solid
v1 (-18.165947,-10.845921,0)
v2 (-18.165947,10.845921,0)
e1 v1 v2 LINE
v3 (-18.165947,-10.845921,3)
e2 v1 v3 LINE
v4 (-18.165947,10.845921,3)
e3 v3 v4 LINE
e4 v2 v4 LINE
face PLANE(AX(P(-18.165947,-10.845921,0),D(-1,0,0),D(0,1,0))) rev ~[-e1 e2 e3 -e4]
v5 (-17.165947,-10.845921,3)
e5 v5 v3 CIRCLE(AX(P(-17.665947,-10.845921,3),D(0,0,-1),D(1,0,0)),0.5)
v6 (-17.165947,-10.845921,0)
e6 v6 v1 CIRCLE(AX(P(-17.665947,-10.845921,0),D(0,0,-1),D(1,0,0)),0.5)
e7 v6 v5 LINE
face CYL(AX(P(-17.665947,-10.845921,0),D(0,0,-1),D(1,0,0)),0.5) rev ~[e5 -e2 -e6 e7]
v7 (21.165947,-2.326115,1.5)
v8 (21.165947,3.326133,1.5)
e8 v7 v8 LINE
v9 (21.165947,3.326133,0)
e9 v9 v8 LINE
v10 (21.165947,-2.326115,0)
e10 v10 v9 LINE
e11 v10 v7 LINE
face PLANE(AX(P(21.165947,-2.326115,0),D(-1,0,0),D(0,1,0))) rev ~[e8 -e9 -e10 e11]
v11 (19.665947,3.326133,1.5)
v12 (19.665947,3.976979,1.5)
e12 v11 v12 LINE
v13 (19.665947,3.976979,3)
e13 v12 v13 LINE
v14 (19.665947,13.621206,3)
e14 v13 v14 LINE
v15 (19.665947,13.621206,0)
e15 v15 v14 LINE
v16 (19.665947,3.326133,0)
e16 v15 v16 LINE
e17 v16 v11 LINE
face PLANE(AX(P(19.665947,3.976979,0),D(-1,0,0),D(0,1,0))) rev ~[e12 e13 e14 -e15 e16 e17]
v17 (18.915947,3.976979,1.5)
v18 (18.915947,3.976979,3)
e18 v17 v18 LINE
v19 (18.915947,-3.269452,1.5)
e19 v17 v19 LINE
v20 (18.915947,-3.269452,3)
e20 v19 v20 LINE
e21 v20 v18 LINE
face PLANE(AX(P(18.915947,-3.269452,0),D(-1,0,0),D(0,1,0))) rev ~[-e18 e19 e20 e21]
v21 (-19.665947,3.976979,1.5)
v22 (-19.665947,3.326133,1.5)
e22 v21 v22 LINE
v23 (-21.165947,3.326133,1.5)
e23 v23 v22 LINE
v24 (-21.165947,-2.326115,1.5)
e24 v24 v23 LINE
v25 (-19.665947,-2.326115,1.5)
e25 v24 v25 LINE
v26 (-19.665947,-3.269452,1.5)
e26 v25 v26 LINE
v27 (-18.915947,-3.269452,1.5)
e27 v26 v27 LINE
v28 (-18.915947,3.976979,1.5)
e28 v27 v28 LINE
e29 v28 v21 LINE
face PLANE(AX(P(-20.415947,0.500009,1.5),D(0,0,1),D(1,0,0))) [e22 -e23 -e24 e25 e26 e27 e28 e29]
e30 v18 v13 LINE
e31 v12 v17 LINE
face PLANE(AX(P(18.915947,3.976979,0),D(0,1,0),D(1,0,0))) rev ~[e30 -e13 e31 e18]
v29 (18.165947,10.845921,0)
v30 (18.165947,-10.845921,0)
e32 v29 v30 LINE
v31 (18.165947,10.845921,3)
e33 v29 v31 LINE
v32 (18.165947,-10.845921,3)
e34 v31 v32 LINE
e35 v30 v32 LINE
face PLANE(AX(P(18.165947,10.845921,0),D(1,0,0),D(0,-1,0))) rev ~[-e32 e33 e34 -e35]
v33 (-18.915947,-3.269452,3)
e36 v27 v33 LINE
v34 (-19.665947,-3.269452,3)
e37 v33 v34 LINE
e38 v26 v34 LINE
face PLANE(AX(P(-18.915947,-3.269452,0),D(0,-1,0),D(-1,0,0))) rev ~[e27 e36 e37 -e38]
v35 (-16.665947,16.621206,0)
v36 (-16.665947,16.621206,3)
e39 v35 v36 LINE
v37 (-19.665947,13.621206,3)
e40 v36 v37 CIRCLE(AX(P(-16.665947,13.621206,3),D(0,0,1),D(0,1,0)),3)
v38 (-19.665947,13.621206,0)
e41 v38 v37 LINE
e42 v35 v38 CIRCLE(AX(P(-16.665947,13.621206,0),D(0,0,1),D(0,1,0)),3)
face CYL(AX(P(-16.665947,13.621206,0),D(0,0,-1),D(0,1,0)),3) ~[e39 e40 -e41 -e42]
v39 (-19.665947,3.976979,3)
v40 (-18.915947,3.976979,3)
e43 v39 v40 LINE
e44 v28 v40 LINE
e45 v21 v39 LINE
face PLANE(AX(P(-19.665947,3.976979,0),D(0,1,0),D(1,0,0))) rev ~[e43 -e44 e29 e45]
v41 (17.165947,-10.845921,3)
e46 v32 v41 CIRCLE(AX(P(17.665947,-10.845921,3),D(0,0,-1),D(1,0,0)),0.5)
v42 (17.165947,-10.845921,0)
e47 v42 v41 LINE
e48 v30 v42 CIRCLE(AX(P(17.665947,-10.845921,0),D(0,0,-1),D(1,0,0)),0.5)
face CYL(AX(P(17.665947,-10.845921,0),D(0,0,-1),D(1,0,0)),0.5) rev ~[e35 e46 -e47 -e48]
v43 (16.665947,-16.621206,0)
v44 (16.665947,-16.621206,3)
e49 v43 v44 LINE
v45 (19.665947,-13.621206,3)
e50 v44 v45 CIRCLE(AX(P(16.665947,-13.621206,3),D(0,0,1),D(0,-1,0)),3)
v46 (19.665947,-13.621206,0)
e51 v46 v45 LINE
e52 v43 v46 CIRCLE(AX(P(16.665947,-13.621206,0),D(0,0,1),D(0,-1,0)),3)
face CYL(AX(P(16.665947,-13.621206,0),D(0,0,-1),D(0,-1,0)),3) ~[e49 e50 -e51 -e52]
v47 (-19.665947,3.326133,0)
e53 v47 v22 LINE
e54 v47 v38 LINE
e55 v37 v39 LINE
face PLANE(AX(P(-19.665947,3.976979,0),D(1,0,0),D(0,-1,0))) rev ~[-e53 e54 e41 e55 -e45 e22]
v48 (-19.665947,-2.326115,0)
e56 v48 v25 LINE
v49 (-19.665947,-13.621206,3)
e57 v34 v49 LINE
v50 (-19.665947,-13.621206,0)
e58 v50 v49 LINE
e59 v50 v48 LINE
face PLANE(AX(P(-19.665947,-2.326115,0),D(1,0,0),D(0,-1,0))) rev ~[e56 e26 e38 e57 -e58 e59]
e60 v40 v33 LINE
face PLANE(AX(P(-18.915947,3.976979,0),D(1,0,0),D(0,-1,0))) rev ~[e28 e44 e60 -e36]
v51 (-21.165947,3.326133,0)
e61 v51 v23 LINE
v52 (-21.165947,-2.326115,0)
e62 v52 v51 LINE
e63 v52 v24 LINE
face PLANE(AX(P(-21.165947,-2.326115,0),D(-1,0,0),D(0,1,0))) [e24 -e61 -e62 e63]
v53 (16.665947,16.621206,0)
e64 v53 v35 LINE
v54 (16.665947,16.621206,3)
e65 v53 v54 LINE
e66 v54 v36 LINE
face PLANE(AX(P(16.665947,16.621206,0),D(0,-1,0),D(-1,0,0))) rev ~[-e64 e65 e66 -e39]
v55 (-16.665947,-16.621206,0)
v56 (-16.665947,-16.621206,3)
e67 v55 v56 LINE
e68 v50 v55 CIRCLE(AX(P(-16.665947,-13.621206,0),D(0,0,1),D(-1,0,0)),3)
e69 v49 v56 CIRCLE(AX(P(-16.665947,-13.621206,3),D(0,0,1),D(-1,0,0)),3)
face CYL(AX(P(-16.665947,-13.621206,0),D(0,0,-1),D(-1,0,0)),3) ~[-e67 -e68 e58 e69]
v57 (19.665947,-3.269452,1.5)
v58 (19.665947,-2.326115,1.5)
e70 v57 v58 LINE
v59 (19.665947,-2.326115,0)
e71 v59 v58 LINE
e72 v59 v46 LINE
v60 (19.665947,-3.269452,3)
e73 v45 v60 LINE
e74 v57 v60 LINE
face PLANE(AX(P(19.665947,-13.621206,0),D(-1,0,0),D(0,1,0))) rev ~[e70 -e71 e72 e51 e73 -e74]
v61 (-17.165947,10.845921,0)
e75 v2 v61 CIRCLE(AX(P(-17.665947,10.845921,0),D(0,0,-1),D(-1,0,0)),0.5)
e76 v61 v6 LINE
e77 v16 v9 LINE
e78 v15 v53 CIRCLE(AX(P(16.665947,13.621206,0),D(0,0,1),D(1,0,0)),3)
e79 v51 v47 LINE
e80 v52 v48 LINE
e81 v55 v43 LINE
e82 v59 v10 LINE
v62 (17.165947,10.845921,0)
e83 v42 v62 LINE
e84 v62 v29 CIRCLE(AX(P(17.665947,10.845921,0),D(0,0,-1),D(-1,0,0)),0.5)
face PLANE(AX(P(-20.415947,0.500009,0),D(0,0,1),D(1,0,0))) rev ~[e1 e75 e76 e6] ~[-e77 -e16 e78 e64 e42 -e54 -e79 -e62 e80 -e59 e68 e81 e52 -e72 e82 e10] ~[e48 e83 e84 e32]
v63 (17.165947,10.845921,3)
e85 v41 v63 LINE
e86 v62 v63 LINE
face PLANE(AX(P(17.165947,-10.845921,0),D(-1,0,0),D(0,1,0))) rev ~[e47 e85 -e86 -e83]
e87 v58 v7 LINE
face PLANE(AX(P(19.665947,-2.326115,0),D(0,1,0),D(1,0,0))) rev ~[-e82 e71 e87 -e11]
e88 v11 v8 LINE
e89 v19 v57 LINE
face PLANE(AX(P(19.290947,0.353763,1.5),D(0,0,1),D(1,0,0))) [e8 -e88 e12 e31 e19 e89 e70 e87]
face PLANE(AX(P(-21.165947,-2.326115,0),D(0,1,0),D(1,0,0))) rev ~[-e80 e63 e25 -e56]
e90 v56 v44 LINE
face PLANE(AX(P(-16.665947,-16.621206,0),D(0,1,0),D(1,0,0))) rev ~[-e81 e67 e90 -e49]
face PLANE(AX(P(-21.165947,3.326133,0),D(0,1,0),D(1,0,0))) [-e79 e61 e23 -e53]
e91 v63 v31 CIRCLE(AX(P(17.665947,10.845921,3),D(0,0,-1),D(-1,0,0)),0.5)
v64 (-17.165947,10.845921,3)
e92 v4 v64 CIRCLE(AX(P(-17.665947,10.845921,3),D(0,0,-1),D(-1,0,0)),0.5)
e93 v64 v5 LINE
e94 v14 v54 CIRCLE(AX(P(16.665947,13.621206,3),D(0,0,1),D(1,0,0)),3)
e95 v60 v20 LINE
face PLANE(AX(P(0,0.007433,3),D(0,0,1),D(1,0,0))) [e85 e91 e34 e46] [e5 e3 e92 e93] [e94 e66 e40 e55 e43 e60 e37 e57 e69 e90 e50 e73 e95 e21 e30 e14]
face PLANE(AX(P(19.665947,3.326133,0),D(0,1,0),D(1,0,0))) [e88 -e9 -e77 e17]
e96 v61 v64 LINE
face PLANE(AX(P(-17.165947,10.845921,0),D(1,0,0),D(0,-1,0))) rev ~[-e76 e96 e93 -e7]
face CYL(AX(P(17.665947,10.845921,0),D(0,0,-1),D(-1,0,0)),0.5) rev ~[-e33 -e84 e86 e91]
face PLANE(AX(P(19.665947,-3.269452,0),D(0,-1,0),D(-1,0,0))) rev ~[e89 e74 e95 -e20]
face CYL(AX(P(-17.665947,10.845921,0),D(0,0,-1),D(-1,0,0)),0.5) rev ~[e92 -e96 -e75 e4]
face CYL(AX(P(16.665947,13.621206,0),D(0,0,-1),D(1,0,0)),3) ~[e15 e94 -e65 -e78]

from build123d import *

# Parameters (mm, degrees)
F2_DEPTH = 3
F1_W     = 1.5
F1_H     = 5.6522476953
F3_DEPTH = 1.5


with BuildPart() as f2:
    # F1 (on Top) → F2 (new body)
    with BuildSketch(Plane.XY):
        with BuildLine():
            Line((16.665947184, 16.6212058179), (-16.665947184, 16.6212058179))
            ThreePointArc((-16.665947184, 16.6212058179), (-18.7872675275, 15.7425261615), (-19.665947184, 13.6212058179))
            Line((-19.665947184, 13.6212058179), (-19.665947184, 3.9769788273))
            Line((-19.665947184, 3.9769788273), (-18.915947184, 3.9769788273))
            Line((-18.915947184, 3.9769788273), (-18.915947184, -3.2694519032))
            Line((-18.915947184, -3.2694519032), (-19.665947184, -3.2694519032))
            Line((-19.665947184, -3.2694519032), (-19.665947184, -13.6212058179))
            ThreePointArc((-19.665947184, -13.6212058179), (-18.7872675275, -15.7425261615), (-16.665947184, -16.6212058179))
            Line((-16.665947184, -16.6212058179), (16.665947184, -16.6212058179))
            ThreePointArc((16.665947184, -16.6212058179), (18.7872675275, -15.7425261615), (19.665947184, -13.6212058179))
            Line((19.665947184, -13.6212058179), (19.665947184, -3.2694519032))
            Line((19.665947184, -3.2694519032), (18.915947184, -3.2694519032))
            Line((18.915947184, -3.2694519032), (18.915947184, 3.9769788273))
            Line((18.915947184, 3.9769788273), (19.665947184, 3.9769788273))
            Line((19.665947184, 3.9769788273), (19.665947184, 13.6212058179))
            ThreePointArc((19.665947184, 13.6212058179), (18.7872675275, 15.7425261615), (16.665947184, 16.6212058179))
        make_face()
        with BuildLine():
            Line((-18.165947184, -10.8459210023), (-18.165947184, 10.8459210023))
            ThreePointArc((-18.165947184, 10.8459210023), (-17.665947184, 11.3459210023), (-17.165947184, 10.8459210023))
            Line((-17.165947184, 10.8459210023), (-17.165947184, -10.8459210023))
            ThreePointArc((-17.165947184, -10.8459210023), (-17.665947184, -11.3459210023), (-18.165947184, -10.8459210023))
        make_face(mode=Mode.SUBTRACT)
        with BuildLine():
            ThreePointArc((17.165947184, 10.8459210023), (17.665947184, 11.3459210023), (18.165947184, 10.8459210023))
            Line((18.165947184, 10.8459210023), (18.165947184, -10.8459210023))
            ThreePointArc((18.165947184, -10.8459210023), (17.665947184, -11.3459210023), (17.165947184, -10.8459210023))
            Line((17.165947184, -10.8459210023), (17.165947184, 10.8459210023))
        make_face(mode=Mode.SUBTRACT)
    extrude(amount=F2_DEPTH)

    # F1 (on Top) → F3 (join)
    with BuildSketch(Plane.XY):
        with Locations((-20.415947184, 0.5000088131)):
            Rectangle(F1_W, F1_H)
        Polygon((-18.915947184, 3.9769788273), (-19.665947184, 3.9769788273), (-19.665947184, 3.3261326607), (-19.665947184, -2.3261150345), (-19.665947184, -3.2694519032), (-18.915947184, -3.2694519032), align=None)
        Polygon((19.665947184, 3.3261326607), (19.665947184, 3.9769788273), (18.915947184, 3.9769788273), (18.915947184, -3.2694519032), (19.665947184, -3.2694519032), (19.665947184, -2.3261150345), align=None)
        with Locations((20.415947184, 0.5000088131)):
            Rectangle(F1_W, F1_H)
    extrude(amount=F3_DEPTH)


solid = f2.part
